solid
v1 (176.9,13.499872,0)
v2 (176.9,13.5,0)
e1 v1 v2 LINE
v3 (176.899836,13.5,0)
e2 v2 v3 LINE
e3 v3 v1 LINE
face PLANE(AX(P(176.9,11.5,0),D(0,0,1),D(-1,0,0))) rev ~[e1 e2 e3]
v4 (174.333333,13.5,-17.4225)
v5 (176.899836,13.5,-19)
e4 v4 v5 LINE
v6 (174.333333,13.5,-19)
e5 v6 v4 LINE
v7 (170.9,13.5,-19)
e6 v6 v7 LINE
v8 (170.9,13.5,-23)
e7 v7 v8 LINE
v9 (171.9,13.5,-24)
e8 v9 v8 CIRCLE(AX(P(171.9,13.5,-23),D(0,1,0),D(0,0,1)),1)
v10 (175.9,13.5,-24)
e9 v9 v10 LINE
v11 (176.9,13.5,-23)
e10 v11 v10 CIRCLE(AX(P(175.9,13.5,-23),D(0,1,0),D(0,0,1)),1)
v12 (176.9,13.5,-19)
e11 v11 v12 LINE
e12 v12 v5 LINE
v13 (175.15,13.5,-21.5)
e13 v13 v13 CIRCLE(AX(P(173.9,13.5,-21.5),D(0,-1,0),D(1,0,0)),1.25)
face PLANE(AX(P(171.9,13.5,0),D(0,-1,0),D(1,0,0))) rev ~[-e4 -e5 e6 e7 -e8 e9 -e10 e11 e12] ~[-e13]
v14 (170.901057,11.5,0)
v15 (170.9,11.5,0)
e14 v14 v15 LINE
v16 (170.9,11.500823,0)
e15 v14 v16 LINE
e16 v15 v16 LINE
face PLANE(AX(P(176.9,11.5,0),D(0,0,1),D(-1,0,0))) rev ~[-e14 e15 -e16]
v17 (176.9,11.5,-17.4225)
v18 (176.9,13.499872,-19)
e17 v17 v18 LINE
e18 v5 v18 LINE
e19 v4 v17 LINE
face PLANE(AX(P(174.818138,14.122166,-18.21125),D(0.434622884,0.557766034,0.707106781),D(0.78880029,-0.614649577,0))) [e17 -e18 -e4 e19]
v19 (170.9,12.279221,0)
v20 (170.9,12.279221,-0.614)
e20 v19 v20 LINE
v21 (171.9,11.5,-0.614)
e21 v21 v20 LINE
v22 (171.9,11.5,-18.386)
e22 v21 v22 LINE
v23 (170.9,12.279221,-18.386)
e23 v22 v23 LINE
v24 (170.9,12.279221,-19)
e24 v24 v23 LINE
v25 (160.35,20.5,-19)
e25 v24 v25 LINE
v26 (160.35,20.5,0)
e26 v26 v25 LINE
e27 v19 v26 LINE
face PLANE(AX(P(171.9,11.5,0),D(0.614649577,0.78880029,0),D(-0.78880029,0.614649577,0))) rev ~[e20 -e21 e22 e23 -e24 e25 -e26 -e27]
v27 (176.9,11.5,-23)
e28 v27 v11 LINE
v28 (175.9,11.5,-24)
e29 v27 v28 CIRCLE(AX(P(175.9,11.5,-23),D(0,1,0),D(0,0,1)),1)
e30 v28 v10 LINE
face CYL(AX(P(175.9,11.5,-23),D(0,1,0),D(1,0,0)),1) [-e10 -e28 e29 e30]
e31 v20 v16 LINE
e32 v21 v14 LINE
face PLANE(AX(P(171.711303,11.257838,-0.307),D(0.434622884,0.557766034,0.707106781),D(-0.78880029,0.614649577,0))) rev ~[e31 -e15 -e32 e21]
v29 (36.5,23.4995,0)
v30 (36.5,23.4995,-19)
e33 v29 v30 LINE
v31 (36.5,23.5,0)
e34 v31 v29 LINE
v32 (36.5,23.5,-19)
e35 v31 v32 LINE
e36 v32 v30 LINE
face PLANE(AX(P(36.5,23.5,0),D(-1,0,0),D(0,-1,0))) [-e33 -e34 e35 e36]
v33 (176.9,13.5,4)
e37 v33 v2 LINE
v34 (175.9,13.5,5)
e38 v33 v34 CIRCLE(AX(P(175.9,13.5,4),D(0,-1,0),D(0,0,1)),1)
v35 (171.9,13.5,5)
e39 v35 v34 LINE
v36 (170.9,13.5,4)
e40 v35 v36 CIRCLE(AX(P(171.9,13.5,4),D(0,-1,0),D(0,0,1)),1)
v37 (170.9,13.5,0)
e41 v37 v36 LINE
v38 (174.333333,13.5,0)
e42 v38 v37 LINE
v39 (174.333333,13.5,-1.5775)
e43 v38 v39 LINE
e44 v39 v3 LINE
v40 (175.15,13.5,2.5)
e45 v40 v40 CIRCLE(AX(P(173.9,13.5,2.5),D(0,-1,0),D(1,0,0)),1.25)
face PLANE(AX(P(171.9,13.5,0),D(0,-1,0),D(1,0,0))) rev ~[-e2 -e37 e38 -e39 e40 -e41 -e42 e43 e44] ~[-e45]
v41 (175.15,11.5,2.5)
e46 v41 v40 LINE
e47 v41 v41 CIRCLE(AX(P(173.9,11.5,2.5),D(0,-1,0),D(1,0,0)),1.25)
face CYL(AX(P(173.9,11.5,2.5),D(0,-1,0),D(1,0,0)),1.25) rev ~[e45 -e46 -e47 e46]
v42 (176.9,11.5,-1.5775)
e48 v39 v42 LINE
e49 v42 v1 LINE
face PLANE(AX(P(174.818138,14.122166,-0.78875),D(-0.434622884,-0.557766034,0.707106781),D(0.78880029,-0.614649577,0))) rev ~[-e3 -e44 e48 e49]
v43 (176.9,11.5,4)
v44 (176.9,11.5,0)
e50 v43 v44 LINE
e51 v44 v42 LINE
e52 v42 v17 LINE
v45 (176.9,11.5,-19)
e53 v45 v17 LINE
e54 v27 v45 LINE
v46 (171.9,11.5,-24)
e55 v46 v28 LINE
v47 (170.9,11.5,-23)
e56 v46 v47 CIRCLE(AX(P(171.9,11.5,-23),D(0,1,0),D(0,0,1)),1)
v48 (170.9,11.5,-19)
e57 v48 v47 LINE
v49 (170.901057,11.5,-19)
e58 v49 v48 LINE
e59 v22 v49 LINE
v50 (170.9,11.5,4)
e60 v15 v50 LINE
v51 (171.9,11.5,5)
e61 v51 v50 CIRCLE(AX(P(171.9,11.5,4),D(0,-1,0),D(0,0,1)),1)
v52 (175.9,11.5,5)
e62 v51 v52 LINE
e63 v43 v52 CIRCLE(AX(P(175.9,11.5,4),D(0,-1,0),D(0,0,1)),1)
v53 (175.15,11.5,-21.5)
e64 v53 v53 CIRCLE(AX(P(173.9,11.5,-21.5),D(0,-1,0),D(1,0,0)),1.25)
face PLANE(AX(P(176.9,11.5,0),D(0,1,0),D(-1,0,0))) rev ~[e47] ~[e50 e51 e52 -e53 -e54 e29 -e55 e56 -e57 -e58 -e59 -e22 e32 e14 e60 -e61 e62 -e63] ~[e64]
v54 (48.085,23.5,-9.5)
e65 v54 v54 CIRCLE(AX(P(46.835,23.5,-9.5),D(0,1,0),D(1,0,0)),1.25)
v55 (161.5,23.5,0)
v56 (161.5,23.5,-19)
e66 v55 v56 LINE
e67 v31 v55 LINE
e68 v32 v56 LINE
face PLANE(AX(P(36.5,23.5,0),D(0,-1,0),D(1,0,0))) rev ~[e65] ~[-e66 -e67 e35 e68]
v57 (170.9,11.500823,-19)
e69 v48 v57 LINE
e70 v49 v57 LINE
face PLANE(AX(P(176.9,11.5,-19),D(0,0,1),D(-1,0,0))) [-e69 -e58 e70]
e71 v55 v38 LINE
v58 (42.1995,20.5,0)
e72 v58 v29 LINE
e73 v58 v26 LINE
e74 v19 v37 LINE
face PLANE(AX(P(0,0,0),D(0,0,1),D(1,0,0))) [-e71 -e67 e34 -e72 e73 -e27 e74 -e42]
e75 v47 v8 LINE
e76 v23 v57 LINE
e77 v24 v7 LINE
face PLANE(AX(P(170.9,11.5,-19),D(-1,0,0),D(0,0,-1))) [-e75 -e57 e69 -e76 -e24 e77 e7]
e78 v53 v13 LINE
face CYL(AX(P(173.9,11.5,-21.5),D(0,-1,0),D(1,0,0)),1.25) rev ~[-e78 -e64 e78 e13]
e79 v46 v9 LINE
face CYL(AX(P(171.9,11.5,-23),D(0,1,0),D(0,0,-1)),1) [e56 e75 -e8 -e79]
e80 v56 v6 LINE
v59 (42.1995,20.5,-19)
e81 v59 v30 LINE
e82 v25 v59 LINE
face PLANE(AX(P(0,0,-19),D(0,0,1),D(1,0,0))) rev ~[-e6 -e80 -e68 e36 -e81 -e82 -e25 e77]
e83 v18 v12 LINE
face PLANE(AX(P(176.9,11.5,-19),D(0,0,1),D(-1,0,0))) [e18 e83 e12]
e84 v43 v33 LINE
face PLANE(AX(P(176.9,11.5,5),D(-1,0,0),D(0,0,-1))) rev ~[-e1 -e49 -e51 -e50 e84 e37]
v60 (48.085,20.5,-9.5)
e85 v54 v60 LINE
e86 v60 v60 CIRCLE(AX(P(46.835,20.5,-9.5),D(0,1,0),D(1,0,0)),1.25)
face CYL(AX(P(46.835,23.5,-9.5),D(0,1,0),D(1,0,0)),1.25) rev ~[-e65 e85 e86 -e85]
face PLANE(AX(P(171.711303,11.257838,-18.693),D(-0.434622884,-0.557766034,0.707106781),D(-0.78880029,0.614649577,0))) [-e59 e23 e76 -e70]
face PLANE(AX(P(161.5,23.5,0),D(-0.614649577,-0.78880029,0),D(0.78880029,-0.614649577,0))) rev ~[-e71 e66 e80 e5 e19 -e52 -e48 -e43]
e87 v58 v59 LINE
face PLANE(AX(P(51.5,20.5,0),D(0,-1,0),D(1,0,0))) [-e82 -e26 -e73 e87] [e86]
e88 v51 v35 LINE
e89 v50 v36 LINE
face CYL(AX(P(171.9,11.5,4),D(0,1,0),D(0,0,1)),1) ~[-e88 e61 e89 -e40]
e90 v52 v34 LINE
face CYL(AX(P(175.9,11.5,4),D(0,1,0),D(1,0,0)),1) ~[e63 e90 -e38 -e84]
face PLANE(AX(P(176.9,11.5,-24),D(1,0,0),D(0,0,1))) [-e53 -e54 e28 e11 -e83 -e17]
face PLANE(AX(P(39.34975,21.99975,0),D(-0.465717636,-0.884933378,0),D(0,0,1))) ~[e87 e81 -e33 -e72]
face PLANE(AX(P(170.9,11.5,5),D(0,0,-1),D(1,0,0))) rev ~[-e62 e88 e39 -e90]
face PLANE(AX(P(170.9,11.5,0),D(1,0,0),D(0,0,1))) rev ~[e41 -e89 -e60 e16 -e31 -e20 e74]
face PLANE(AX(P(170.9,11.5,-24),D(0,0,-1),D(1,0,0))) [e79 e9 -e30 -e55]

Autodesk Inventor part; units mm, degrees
ref_plane "YZ Plane" through (0, 0, 0) normal (1, 0, 0) x (0, 1, 0)
ref_plane "XZ Plane" through (0, 0, 0) normal (0, 1, 0) x (-1, 0, 0)
ref_plane "XY Plane" through (0, 0, 0) normal (0, 0, 1) x (1, 0, 0)
sketch "Эскиз1" plane through (0, 0, 0) normal (0, 0, 1) x (1, 0, 0)
  line L0 (176.9, 11.5) -> (160.5, 11.5) projected
  line L1 (19.5, 13.5) -> (19.5, 3.5) projected
  line L2 (19.5, 3.5) -> (127.2, 3.5) projected
  line L3 (127.2, 3.5) -> (127.2, -1.5) projected
  line L4 (127.2, -1.5) -> (2.5, -1.5) projected
  line L5 (2.5, -1.5) -> (2.5, 18.5) projected
  line L6 (2.5, 18.5) -> (36.5, 18.5) projected
  line L7 (36.5, 18.5) -> (36.5, 13.5) projected
  line L8 (36.5, 13.5) -> (19.5, 13.5) projected
  line L9 (131.9067, -6.5) -> (131.9067, 11.5) projected
  line L10 (131.9067, 11.5) -> (59.18, 11.5) projected
  line L11 (59.18, 11.5) -> (51.5, 15.5635) projected
  line L12 (36.5, 23.5) -> (-2.5, 23.5) projected
  line L13 (-2.5, 23.5) -> (-2.5, 12.5) projected
  line L14 (-2.5, 12.5) -> (0.5, 12.5) projected
  line L15 (0.5, 12.5) -> (0.5, 9.5) projected
  line L16 (0.5, 9.5) -> (-2.5, 9.5) projected
  line L17 (-2.5, 9.5) -> (-2.5, -3.5) projected
  line L18 (5.5, -6.5) -> (131.9067, -6.5) projected
  circle A0 centre (129.7, 9) radius 1.25 projected
  line L19 (36.5, 23.5) -> (161.5, 23.5)
  line L20 (161.5, 23.5) -> (176.9, 11.5)
  line L21 (176.9, 11.5) -> (171.9, 11.5)
  line L22 (171.9, 11.5) -> (160.35, 20.5)
  line L23 (36.5, 23.5) -> (36.5, 20.5)
  line L24 (36.5, 20.5) -> (160.35, 20.5)
  line L25 (42.17, 20.5) -> (36.5, 23.5) projected
  line L26 (51.5, 20.5) -> (51.5, 15.5635) projected
  line L27 (42.17, 20.5) -> (51.5, 20.5) projected
  line L28 (5.5, -6.5) -> (5.5, -3.5) projected
  line L29 (-2.5, -3.5) -> (5.5, -3.5) projected
  point P0 (0, 0)
  point P1 (42.17, 20.5)
  dimension "d0" = 125
  dimension "d1" = 5
  dimension "d2" = 3
extrude "Выдавливание1" add sketch "Эскиз1" against normal blind 19 contours L0 L22 L24 L25 L19 L20 | L25 L24 L23
sketch "Эскиз2" plane through (36.5, 23.5, 0) normal (0, 1, 0) x (1, 0, 0)
  line L0 (125, 0) -> (0, 0) projected
  line L1 (0, 19) -> (125, 19) projected
  line L2 (0, 0) -> (10.335, 0) construction
  line L3 (10.335, 0) -> (10.335, 19) construction
  line L4 (10.335, 19) -> (0, 19) construction
  line L5 (0, 19) -> (0, 0) construction
  circle A0 centre (10.335, 9.5) radius 1.25
  point P0 (-36.5, 0)
  dimension "d5" = 10.335
  dimension "d6" = 2.5
extrude "Выдавливание2" cut sketch "Эскиз2" against normal blind 3
sketch "Эскиз3" plane through (171.9, 11.5, 0) normal (0, -1, 0) x (1, 0, 0)
  line L0 (5, 0) -> (-10.4, 0) projected
  line L1 (5, 0) -> (-1, 0)
  line L2 (-1, 0) -> (-1, 5)
  line L3 (-1, 5) -> (5, 5)
  line L4 (5, 5) -> (5, 0)
  line L5 (-1, 2.5) -> (5, 2.5) construction
  line L6 (2, 5) -> (2, 0) construction
  circle A0 centre (2, 2.5) radius 1.25
  line L7 (5, 0) -> (5, -19) construction
  line L8 (5, 0) -> (5, -19) construction
  line L9 (5, 0) -> (5, -19) construction
  line L10 (5, -9.5) -> (-10.4, -9.5) construction
  line L11 (-10.4, 0) -> (-10.4, -19) construction
  line L12 (5, -19) -> (-1, -19)
  line L13 (-1, -19) -> (-1, -24)
  line L14 (-1, -24) -> (5, -24)
  line L15 (5, -24) -> (5, -19)
  line L16 (-1, -21.5) -> (5, -21.5) construction
  line L17 (2, -24) -> (2, -19) construction
  circle A1 centre (2, -21.5) radius 1.25
  point P0 (-171.9, 0)
  point P1 (-1, 0)
  dimension "d9" = 6
  dimension "d10" = 5
  dimension "d11" = 2.5
extrude "Выдавливание3" add sketch "Эскиз3" against normal blind 2
chamfer "Фаска1" distance 1.5775 angle 45 2 edges at (175.6167, 12.5, -19) (175.6167, 12.5, 0)
fillet "Сопряжение1" radius 1 4 edges at (170.9, 12.5, 5) (176.9, 12.5, 5) (176.9, 12.5, -24) (170.9, 12.5, -24)
chamfer "Фаска2" distance 5.7 distance2 3 1 edges at (36.5, 20.5, -9.5) measured on face at (122.9283, 20.5, -9.5)
chamfer "Фаска3" distance 0.614 angle 45 2 edges at (171.4, 11.8896, 0) (171.4, 11.8896, -19)
properties part number "handle"
